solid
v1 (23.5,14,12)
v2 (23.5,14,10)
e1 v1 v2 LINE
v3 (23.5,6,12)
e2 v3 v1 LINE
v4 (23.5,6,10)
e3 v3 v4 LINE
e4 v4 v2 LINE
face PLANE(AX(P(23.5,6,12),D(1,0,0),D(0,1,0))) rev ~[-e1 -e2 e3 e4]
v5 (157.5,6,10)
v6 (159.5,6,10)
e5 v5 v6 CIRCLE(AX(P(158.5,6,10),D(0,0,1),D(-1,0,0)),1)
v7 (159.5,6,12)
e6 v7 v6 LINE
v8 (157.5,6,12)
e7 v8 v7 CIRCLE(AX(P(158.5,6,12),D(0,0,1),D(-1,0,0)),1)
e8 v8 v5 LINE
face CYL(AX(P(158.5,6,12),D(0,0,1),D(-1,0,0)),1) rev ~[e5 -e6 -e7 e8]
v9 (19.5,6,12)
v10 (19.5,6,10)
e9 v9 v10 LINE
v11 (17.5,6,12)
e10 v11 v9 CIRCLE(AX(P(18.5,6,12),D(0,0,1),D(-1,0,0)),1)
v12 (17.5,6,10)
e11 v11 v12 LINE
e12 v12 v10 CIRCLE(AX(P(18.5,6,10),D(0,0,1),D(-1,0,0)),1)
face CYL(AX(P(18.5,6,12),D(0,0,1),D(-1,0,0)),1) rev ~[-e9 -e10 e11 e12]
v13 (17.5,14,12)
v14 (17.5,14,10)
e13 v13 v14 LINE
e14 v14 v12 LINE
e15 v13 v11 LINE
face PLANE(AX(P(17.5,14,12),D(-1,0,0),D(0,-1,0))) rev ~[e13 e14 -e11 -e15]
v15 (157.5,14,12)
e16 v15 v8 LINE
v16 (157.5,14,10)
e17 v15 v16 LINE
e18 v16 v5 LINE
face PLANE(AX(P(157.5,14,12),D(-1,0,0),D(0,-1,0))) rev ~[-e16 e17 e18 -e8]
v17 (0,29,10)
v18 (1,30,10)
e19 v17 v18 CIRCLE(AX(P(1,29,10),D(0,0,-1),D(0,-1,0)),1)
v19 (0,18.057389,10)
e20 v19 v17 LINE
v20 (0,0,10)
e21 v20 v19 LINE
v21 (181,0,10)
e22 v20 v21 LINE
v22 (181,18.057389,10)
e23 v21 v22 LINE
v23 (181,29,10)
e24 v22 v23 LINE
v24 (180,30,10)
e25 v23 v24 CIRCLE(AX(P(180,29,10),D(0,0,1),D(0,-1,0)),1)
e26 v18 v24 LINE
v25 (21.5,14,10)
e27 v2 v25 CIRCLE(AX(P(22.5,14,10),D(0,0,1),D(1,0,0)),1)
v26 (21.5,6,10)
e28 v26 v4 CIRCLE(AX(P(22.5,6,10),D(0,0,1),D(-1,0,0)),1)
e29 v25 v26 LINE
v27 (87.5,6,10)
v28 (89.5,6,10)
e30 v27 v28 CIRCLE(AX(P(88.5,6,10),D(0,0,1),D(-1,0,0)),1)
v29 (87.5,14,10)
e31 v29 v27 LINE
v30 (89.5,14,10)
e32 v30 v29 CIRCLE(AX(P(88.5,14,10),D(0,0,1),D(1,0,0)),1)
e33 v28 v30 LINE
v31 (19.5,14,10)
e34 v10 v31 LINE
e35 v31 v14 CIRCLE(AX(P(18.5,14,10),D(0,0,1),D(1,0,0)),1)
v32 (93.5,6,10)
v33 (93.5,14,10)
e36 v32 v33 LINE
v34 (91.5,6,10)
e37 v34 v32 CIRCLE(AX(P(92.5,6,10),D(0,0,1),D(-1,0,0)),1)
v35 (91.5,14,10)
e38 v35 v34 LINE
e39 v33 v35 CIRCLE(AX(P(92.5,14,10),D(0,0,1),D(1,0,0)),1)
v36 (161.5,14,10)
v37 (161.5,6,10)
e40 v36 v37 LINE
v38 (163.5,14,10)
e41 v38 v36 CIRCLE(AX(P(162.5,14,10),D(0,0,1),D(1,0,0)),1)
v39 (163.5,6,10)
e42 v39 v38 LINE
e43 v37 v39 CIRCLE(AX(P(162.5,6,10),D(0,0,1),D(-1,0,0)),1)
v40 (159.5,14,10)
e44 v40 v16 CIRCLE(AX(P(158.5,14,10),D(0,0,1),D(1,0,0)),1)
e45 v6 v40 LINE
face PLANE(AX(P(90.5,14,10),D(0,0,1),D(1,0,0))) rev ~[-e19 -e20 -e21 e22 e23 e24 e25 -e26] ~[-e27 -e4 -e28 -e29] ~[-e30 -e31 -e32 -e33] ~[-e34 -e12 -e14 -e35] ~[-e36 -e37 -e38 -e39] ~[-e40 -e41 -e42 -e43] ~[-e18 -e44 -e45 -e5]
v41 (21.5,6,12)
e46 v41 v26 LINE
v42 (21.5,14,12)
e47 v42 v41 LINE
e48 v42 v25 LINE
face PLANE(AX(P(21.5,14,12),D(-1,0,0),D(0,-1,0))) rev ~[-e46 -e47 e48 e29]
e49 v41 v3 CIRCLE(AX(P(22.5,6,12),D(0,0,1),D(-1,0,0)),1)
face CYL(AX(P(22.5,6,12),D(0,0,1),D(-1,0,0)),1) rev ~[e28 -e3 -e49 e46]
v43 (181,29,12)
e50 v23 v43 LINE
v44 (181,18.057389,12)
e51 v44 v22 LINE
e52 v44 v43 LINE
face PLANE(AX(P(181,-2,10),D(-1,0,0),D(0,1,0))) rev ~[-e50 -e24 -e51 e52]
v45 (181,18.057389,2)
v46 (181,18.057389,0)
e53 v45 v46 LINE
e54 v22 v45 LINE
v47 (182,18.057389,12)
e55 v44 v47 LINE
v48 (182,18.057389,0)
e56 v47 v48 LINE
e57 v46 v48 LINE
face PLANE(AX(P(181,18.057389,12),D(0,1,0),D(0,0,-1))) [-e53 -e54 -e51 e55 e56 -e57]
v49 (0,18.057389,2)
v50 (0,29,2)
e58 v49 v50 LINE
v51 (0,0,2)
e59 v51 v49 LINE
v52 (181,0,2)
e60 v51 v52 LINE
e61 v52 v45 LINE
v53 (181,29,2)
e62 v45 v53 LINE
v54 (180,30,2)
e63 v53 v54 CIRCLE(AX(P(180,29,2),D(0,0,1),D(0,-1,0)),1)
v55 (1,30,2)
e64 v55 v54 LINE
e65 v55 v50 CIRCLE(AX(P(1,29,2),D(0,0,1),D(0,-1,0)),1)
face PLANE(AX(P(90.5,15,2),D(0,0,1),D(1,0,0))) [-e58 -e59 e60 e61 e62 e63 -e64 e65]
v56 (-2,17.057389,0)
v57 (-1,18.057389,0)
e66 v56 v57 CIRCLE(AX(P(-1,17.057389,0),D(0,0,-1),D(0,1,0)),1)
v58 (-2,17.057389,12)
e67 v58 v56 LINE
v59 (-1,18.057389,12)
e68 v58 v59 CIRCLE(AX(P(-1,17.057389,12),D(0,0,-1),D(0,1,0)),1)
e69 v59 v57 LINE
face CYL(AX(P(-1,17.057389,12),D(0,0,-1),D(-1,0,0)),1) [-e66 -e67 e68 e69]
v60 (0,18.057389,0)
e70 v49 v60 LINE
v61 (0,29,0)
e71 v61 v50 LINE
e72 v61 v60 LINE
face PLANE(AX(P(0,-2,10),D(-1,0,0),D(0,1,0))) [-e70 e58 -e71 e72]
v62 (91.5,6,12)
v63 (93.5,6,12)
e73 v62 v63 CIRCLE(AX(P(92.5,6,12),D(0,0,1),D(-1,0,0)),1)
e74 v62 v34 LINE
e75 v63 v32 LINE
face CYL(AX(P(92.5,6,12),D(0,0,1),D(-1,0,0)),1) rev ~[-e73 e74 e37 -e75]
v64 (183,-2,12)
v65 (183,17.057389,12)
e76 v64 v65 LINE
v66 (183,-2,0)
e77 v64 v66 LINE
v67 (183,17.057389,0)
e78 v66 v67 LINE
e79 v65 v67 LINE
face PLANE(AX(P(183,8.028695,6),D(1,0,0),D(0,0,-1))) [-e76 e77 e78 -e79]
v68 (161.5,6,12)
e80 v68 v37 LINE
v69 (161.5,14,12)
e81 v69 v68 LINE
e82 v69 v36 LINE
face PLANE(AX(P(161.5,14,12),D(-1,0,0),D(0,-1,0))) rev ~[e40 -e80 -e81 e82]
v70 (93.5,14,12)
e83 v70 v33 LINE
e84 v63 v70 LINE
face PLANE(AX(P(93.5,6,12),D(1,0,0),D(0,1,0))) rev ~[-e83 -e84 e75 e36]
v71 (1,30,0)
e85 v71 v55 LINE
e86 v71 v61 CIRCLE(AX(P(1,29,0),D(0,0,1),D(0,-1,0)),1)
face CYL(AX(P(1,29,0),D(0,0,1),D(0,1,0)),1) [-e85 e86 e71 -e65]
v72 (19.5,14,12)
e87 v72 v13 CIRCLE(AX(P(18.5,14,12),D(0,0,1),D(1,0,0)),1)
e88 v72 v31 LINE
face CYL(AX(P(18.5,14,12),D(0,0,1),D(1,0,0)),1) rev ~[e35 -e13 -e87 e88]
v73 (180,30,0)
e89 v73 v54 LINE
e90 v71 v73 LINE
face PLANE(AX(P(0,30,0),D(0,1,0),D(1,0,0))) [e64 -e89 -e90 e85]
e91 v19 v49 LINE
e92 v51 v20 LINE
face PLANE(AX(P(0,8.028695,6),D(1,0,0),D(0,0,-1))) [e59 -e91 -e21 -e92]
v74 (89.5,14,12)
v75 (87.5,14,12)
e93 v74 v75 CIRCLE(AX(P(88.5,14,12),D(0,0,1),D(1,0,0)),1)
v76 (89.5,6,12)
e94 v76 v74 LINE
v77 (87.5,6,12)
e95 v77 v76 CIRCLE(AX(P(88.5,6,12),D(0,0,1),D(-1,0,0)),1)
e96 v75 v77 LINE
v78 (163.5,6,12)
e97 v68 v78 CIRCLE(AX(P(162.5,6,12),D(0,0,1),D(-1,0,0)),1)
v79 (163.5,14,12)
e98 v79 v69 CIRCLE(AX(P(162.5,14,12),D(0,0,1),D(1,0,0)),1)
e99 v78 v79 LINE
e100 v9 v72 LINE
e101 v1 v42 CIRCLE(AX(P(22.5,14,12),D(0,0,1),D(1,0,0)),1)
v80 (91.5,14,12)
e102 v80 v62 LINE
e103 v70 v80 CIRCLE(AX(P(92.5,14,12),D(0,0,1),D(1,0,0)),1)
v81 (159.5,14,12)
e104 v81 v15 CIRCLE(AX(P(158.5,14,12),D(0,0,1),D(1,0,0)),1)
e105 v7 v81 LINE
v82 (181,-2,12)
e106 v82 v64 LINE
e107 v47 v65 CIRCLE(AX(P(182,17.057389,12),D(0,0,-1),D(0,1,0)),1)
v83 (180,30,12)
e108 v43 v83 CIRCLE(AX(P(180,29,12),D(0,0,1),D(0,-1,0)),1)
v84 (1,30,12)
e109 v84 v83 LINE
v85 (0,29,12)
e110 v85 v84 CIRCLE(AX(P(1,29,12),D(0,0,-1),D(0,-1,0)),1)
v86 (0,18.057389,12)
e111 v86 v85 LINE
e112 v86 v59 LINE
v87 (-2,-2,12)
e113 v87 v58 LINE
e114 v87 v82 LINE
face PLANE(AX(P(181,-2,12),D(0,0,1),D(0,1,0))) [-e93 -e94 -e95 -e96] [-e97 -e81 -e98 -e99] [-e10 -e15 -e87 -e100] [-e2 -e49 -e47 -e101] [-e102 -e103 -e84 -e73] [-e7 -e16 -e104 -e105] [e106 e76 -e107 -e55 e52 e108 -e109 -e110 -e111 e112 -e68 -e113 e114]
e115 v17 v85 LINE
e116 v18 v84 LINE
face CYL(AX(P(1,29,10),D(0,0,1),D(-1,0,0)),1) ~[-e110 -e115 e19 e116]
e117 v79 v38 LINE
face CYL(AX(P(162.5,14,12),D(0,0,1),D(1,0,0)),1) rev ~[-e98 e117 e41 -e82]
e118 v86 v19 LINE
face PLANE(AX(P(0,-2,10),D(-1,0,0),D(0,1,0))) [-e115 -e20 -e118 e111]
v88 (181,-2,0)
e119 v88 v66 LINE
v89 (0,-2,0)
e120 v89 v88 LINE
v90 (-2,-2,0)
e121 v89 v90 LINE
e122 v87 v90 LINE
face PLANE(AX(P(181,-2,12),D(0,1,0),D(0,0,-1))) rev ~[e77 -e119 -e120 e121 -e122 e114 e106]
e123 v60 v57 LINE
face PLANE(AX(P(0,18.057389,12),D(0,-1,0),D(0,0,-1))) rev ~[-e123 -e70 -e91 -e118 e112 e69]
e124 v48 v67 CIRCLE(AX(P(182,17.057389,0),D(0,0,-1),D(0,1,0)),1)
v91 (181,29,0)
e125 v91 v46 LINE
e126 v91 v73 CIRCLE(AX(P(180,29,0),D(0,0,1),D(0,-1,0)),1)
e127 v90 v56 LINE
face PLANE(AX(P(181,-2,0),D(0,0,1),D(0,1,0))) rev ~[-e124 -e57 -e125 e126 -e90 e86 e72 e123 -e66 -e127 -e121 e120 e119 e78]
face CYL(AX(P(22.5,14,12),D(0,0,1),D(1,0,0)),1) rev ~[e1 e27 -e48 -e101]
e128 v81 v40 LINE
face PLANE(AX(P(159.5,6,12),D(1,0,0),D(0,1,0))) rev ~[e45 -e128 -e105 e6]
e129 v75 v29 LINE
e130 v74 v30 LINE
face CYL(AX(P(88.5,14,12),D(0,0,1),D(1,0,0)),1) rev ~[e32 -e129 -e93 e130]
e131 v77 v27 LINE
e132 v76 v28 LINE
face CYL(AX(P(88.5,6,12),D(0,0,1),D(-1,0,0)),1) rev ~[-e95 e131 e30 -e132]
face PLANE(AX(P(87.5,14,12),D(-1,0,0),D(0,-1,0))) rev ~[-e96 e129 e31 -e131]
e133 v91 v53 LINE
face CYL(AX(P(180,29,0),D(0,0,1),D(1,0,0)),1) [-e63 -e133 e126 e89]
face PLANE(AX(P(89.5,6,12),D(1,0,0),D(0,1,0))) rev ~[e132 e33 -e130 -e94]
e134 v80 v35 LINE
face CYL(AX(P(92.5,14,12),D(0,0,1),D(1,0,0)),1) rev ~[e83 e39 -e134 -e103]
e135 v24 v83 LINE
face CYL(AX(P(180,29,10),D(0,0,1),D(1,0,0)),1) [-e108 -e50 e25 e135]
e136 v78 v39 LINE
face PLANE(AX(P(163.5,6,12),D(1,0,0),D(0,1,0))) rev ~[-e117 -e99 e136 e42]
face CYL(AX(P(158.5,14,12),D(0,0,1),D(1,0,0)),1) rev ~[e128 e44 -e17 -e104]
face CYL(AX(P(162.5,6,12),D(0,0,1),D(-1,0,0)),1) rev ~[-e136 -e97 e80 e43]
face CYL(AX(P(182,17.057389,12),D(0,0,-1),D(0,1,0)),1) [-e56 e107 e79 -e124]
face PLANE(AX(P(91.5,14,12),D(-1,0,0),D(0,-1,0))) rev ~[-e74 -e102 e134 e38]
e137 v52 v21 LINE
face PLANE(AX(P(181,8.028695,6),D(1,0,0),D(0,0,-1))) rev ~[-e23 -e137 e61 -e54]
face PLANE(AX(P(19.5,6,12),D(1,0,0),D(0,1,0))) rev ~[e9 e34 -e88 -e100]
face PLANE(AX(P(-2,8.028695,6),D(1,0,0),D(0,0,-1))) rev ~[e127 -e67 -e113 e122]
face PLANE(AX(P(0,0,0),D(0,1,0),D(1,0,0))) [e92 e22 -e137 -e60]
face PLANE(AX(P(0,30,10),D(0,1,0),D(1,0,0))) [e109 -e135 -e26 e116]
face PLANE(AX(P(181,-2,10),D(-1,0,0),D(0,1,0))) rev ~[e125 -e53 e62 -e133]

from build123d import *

# Parameters (mm, degrees)
SKETCH_1_W          = 181
SKETCH_1_H          = 30
EXTRUDE_1_DEPTH     = 2
SKETCH_2_W          = 181
SKETCH_2_H          = 2
EXTRUDE_2_DEPTH     = 10
SKETCH_3_W          = 181
SKETCH_3_H          = 32
EXTRUDE_3_DEPTH     = 2
CUT_EXTRUDE_1_DEPTH = 2
SKETCH_5_W          = 12
SKETCH_5_H          = 20.057389113
EXTRUDE_4_DEPTH     = 2
SKETCH_6_W          = 12
SKETCH_6_H          = 20.057389113
EXTRUDE_5_DEPTH     = 2
FILLET_1_R          = 1


with BuildPart() as part:
    # 草图1 → 凸台-拉伸1 (new body)
    with BuildSketch(Plane.XY):
        with Locations((90.5, 15)):
            Rectangle(SKETCH_1_W, SKETCH_1_H)
    extrude(amount=EXTRUDE_1_DEPTH)

    # 草图2 → 凸台-拉伸2 (add)
    with BuildSketch(Plane.XY):
        with Locations((90.5, -1)):
            Rectangle(SKETCH_2_W, SKETCH_2_H)
    extrude(amount=EXTRUDE_2_DEPTH)

    # 草图3 → 凸台-拉伸3 (add)
    with BuildSketch(Plane.XY.offset(10)):
        with Locations((90.5, 14)):
            Rectangle(SKETCH_3_W, SKETCH_3_H)
    extrude(amount=EXTRUDE_3_DEPTH)

    # 草图4 → 切除-拉伸1 (cut)
    with BuildSketch(Plane.XY.offset(12)):
        with BuildLine():
            Line((19.5, 6), (19.5, 10))
            Line((19.5, 10), (19.5, 14))
            ThreePointArc((19.5, 14), (18.5, 15), (17.5, 14))
            Line((17.5, 14), (17.5, 6))
            ThreePointArc((17.5, 6), (18.5, 5), (19.5, 6))
        make_face()
        with BuildLine():
            Line((21.5, 14), (21.5, 6))
            ThreePointArc((21.5, 6), (22.5, 5), (23.5, 6))
            Line((23.5, 6), (23.5, 14))
            ThreePointArc((23.5, 14), (22.5, 15), (21.5, 14))
        make_face()
        with BuildLine():
            Line((157.5, 14), (157.5, 6))
            ThreePointArc((157.5, 6), (158.5, 5), (159.5, 6))
            Line((159.5, 6), (159.5, 14))
            ThreePointArc((159.5, 14), (158.5, 15), (157.5, 14))
        make_face()
        with BuildLine():
            Line((91.5, 14), (91.5, 6))
            ThreePointArc((91.5, 6), (92.5, 5), (93.5, 6))
            Line((93.5, 6), (93.5, 14))
            ThreePointArc((93.5, 14), (92.5, 15), (91.5, 14))
        make_face()
        with BuildLine():
            Line((87.5, 14), (87.5, 6))
            ThreePointArc((87.5, 6), (88.5, 5), (89.5, 6))
            Line((89.5, 6), (89.5, 14))
            ThreePointArc((89.5, 14), (88.5, 15), (87.5, 14))
        make_face()
        with BuildLine():
            Line((163.5, 6), (163.5, 14))
            ThreePointArc((163.5, 14), (162.5, 15), (161.5, 14))
            Line((161.5, 14), (161.5, 6))
            ThreePointArc((161.5, 6), (162.5, 5), (163.5, 6))
        make_face()
    extrude(amount=-CUT_EXTRUDE_1_DEPTH, mode=Mode.SUBTRACT)

    # 草图5 → 凸台-拉伸4 (add)
    with BuildSketch(Plane(origin=(0, 0, 0), x_dir=(0, 0, -1), z_dir=(1, 0, 0))):
        with Locations((-6, 8.028694557)):
            Rectangle(SKETCH_5_W, SKETCH_5_H)
    extrude(amount=-EXTRUDE_4_DEPTH)

    # 草图6 → 凸台-拉伸5 (add)
    with BuildSketch(Plane(origin=(181, 0, 0), x_dir=(0, 0, -1), z_dir=(1, 0, 0))):
        with Locations((-6, 8.028694557)):
            Rectangle(SKETCH_6_W, SKETCH_6_H)
    extrude(amount=EXTRUDE_5_DEPTH)

    # 圆角1
    fillet_1_edges = [part.edges().sort_by_distance(p)[0] for p in [
        (-2, 18.057389113, 6),
        (183, 18.057389113, 6),
        (181, 30, 11),
        (0, 30, 11),
        (0, 30, 1),
        (181, 30, 1),
    ]]
    fillet(fillet_1_edges, radius=FILLET_1_R)


solid = part.part
